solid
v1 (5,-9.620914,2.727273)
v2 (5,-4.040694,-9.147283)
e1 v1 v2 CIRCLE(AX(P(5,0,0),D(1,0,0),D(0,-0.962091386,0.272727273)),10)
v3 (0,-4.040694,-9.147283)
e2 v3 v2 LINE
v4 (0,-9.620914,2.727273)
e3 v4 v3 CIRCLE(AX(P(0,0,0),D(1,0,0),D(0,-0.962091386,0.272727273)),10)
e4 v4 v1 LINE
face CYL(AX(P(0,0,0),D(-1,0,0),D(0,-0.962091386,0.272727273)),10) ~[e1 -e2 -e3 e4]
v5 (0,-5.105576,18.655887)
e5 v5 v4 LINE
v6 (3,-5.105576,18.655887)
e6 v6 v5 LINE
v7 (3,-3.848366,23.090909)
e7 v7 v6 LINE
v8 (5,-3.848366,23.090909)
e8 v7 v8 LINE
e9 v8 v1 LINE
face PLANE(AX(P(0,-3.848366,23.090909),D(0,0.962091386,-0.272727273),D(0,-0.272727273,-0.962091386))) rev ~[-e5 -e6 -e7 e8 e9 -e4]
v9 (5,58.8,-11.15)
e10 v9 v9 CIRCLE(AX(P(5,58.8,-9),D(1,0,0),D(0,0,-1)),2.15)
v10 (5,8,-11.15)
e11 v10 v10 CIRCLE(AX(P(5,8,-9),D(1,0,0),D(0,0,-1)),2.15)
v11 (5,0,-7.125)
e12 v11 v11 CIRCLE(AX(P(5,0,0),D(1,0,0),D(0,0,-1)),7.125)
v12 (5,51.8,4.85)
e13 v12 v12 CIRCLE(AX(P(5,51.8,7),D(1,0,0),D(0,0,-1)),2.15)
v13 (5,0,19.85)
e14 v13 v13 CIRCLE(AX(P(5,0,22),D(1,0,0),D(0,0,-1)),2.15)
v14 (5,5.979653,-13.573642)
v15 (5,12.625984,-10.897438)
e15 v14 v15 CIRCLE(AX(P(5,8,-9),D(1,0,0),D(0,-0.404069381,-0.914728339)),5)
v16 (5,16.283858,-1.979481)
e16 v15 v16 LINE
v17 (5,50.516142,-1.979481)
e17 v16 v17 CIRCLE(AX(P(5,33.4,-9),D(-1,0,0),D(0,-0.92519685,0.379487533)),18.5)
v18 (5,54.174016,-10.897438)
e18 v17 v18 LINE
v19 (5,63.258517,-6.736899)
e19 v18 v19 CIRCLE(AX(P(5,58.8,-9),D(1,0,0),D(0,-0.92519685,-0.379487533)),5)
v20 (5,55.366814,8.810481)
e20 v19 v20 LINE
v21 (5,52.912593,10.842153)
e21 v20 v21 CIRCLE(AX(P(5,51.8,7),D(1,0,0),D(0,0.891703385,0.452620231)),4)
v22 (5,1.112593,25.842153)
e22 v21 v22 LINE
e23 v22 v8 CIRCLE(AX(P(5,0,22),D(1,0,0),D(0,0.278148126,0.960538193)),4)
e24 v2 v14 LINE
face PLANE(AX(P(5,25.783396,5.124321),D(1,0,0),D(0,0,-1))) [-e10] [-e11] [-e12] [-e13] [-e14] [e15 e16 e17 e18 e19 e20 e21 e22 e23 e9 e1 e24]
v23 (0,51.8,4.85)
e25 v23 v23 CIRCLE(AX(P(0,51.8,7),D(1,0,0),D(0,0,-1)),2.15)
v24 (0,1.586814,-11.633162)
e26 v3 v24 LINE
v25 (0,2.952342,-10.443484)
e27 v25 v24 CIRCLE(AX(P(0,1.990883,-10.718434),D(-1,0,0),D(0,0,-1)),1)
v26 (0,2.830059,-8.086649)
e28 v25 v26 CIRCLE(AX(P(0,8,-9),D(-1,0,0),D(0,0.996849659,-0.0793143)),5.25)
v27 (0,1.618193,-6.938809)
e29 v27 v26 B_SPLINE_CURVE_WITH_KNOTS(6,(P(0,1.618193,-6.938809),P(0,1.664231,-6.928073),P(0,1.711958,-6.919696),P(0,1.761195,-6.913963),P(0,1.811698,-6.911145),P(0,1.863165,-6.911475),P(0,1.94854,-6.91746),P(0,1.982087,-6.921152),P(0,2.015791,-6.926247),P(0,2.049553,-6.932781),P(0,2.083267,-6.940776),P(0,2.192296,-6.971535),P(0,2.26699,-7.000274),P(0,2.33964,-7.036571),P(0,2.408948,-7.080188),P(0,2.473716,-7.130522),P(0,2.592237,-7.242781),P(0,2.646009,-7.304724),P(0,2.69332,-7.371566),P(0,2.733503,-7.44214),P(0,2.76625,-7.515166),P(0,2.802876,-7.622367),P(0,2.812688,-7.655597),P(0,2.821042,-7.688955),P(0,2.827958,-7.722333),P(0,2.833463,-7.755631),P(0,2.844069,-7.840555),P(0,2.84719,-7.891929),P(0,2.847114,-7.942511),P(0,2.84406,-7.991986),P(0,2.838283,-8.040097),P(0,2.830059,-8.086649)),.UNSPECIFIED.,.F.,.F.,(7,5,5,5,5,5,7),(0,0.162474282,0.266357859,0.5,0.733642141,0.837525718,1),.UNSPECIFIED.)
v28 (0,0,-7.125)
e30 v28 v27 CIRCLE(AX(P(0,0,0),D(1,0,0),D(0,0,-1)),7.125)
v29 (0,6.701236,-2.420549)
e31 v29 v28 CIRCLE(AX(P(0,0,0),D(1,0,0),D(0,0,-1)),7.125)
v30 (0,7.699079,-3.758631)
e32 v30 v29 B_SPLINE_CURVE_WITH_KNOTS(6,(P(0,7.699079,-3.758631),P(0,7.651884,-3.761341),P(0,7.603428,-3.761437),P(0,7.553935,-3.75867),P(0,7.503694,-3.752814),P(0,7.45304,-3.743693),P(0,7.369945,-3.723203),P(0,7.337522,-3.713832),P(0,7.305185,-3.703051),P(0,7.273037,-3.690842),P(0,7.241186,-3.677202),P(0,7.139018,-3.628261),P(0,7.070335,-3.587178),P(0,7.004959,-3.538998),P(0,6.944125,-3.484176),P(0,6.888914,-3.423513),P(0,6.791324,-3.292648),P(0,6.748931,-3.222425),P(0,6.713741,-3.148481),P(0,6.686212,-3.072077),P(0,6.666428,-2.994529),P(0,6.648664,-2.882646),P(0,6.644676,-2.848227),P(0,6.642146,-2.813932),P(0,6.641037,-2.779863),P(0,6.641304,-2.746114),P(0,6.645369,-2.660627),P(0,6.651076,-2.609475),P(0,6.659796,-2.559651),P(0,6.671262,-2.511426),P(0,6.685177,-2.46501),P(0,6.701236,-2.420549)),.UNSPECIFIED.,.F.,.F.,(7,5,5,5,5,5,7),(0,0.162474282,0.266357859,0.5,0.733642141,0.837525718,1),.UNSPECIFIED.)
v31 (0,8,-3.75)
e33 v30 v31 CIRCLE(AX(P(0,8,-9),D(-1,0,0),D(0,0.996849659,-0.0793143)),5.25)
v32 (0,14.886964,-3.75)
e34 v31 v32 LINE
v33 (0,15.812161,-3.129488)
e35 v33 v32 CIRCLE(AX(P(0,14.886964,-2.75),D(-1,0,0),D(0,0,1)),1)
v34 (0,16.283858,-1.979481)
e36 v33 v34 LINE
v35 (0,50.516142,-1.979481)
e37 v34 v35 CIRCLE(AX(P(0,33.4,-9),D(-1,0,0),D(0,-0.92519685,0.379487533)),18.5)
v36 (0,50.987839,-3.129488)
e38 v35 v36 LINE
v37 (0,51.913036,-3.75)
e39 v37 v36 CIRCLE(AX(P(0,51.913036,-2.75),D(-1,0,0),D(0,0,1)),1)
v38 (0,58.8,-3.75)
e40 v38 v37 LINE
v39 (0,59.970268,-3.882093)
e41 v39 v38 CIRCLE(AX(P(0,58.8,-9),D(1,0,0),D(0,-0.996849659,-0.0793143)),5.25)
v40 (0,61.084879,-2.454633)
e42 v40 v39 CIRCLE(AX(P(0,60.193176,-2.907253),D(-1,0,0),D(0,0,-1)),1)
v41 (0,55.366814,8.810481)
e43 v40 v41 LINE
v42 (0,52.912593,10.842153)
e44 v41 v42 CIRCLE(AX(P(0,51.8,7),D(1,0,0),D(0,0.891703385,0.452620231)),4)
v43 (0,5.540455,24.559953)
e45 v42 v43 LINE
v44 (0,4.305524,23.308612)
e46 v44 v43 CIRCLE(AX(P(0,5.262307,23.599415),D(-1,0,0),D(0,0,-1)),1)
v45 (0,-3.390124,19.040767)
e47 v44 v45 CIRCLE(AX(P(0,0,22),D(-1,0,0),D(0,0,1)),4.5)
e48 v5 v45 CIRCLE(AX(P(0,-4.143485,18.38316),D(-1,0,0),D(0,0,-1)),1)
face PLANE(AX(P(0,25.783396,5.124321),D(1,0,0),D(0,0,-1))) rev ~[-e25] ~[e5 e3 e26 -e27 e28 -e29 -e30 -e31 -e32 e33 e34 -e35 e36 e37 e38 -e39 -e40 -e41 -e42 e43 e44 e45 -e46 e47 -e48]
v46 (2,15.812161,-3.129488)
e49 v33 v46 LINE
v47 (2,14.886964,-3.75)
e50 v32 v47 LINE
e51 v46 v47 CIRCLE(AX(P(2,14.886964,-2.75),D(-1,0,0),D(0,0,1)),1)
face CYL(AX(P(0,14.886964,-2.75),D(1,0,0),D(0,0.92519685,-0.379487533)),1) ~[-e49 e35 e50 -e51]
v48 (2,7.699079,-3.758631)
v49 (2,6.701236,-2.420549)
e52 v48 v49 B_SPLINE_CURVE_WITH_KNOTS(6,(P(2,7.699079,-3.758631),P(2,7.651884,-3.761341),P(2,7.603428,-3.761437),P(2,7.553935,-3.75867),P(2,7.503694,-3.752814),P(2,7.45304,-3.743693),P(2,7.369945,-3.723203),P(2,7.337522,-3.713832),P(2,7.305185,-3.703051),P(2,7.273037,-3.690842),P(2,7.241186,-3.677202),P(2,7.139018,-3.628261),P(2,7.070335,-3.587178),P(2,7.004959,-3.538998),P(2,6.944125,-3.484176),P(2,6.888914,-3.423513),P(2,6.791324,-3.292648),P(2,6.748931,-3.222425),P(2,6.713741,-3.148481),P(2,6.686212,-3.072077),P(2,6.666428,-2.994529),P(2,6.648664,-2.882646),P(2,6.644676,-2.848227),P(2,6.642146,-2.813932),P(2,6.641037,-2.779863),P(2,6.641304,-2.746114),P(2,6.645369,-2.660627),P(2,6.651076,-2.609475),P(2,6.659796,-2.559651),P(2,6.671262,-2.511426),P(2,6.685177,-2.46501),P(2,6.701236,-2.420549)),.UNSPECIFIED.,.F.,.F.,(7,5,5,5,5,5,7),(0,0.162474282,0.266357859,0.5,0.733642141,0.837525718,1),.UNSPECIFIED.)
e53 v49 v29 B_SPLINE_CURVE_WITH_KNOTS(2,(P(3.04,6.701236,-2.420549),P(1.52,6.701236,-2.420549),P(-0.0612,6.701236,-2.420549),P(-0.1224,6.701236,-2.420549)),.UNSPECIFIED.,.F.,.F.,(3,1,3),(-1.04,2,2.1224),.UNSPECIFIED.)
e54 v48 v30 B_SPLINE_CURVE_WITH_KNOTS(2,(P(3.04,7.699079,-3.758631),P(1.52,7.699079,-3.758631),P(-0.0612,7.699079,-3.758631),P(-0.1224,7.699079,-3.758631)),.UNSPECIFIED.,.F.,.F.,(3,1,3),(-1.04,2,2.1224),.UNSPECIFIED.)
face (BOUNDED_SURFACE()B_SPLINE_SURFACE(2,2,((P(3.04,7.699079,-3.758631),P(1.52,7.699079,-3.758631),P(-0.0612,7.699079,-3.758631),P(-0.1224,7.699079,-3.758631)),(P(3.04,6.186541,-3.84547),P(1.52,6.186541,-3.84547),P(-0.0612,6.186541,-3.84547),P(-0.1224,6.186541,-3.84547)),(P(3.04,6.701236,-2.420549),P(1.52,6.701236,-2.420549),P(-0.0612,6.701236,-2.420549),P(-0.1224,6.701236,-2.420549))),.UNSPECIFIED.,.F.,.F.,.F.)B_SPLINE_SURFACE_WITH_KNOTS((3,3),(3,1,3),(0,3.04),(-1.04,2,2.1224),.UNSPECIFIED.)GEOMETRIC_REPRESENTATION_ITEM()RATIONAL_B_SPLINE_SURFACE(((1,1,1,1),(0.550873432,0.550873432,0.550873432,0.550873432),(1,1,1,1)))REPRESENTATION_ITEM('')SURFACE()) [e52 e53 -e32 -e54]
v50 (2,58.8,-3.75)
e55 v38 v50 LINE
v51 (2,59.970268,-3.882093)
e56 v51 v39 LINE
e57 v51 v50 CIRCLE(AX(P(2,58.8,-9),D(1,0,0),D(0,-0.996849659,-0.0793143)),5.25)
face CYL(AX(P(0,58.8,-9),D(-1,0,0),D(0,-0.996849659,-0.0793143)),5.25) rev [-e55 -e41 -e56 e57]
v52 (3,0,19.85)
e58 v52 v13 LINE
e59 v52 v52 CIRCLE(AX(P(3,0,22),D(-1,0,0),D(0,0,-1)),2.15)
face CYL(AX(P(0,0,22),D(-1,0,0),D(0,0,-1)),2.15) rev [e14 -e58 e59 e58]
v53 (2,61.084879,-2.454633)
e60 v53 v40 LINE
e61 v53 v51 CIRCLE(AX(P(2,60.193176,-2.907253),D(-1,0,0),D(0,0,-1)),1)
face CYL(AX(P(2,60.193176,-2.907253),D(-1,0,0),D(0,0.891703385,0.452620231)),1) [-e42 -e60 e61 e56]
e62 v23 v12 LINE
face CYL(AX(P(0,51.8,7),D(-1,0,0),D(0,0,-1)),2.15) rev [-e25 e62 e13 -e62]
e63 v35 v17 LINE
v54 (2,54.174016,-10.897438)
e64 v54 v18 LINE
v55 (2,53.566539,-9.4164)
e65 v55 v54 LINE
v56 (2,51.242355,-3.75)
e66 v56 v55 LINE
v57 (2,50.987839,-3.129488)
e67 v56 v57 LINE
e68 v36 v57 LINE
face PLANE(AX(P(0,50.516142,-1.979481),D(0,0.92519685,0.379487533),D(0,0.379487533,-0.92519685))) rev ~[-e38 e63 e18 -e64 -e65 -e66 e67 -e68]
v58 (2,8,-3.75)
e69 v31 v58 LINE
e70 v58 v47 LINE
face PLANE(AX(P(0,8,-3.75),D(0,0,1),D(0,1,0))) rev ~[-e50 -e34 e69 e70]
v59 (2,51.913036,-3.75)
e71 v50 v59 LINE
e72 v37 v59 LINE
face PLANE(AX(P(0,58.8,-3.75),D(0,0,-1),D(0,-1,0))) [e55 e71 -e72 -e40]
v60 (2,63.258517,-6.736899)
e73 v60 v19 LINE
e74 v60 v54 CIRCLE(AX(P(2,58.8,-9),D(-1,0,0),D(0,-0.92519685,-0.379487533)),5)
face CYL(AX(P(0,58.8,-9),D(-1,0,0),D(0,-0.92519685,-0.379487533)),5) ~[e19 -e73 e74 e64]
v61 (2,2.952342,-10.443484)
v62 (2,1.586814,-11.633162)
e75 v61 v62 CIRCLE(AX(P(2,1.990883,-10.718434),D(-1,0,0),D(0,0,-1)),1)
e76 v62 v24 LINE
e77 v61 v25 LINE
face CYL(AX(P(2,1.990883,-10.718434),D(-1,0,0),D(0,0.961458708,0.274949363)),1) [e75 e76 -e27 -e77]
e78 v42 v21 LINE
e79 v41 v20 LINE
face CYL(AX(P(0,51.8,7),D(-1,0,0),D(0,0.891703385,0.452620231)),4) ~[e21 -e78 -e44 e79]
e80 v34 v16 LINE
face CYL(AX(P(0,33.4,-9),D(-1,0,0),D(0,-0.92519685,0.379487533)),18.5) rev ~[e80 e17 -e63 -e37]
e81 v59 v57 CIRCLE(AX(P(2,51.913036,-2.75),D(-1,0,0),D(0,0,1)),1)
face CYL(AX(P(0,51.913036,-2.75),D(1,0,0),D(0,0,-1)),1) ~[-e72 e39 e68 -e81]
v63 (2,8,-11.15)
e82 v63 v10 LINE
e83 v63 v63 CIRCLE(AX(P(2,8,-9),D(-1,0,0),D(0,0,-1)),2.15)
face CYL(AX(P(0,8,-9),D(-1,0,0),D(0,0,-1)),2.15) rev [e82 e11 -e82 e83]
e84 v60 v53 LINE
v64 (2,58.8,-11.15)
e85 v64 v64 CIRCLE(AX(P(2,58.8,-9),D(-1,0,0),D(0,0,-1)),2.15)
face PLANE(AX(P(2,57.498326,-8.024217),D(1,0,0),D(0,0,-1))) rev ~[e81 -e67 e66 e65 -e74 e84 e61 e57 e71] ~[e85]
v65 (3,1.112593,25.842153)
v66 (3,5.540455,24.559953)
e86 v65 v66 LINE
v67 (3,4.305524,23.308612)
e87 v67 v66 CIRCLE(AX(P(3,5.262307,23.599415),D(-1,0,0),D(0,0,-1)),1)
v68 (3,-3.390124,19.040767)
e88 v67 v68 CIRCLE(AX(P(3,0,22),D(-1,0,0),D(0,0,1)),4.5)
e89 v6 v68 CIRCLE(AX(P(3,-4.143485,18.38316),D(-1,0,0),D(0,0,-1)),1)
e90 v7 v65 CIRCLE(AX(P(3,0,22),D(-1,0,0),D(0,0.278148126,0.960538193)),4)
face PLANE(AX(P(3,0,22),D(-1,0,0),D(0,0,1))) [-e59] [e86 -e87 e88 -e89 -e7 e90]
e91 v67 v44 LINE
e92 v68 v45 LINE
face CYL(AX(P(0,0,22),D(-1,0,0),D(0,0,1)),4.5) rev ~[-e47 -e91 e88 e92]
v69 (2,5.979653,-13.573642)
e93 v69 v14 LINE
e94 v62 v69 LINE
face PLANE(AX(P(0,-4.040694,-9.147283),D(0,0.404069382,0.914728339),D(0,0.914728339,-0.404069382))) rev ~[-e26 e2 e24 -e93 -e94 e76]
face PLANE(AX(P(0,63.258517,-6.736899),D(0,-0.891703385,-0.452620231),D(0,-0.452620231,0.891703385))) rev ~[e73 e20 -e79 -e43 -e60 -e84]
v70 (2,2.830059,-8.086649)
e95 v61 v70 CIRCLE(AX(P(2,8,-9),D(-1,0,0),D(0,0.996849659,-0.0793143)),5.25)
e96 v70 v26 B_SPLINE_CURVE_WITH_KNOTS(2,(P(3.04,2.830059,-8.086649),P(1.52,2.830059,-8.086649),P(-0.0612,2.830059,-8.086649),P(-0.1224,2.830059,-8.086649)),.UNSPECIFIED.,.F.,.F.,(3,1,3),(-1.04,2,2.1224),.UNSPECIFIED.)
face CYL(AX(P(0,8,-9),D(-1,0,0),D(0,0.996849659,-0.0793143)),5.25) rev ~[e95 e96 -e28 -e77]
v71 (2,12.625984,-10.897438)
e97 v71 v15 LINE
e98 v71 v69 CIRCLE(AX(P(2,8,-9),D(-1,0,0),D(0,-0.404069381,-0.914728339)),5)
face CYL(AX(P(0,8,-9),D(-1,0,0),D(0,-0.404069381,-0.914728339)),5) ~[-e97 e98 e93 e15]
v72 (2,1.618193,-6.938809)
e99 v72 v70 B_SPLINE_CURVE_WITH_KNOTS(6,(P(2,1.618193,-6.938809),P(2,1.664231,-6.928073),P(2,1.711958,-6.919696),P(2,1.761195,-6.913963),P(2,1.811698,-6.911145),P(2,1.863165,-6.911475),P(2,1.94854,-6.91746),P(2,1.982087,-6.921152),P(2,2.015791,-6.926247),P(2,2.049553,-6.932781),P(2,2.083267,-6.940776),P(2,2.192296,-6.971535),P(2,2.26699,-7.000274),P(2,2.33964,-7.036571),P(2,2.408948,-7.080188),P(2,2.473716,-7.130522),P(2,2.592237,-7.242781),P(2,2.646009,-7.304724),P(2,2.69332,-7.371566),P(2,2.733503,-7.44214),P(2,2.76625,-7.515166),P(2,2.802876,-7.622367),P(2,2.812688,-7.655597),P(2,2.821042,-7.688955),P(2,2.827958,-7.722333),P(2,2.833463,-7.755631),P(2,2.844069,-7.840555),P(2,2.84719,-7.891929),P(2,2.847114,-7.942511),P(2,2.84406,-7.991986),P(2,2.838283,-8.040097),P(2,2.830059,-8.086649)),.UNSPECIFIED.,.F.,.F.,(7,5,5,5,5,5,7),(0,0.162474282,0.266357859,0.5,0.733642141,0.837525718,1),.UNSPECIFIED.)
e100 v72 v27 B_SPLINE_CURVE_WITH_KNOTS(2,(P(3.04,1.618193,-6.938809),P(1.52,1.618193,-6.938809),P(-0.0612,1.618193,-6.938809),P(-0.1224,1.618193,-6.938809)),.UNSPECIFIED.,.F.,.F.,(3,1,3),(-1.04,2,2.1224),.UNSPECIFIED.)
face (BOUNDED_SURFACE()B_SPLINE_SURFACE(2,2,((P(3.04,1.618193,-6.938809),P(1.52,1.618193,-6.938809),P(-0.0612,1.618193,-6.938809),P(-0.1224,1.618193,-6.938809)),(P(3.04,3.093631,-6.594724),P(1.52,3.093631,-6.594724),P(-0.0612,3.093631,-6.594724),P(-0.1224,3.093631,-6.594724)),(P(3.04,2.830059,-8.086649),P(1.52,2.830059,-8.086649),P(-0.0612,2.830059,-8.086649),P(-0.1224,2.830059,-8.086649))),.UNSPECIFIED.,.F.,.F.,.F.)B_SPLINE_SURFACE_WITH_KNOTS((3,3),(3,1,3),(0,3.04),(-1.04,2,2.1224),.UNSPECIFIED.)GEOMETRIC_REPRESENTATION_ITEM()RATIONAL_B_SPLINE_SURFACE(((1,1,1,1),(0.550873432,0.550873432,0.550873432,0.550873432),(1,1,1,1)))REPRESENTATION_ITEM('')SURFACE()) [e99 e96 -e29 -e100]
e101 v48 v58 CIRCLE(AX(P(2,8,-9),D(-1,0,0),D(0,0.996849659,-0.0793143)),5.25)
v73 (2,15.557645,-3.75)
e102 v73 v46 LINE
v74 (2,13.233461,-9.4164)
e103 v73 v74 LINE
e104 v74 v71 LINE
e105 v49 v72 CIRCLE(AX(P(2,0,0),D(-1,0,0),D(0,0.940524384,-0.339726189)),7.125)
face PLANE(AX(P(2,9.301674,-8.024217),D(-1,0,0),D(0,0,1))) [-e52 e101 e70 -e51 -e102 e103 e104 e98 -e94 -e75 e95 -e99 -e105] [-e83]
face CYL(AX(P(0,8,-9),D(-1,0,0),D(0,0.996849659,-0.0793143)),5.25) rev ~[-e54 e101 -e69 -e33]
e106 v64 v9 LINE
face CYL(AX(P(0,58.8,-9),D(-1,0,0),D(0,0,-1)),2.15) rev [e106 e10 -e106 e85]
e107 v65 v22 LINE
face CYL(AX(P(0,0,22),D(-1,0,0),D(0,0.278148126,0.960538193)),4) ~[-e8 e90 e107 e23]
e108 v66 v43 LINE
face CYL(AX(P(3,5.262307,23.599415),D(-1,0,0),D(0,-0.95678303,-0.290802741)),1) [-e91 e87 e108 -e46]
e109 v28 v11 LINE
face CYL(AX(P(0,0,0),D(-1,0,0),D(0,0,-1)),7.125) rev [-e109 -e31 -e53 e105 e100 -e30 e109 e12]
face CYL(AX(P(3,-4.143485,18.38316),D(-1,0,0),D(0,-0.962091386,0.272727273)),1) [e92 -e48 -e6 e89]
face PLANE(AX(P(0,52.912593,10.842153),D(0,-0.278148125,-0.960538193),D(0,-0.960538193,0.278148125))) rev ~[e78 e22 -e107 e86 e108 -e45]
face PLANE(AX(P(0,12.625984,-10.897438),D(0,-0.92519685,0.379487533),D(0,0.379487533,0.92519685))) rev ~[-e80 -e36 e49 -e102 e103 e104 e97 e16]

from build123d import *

# Parameters (mm, degrees)
SKETCH_1_R          = 2.15
SKETCH_1_R_2        = 7.125
EXTRUDE_1_DEPTH     = 5
SKETCH_2_R          = 4.5
CUT_EXTRUDE_1_DEPTH = 3
FILLET_1_R          = 1
CUT_EXTRUDE_2_DEPTH = 2
FILLET_2_R          = 1


with BuildPart() as part:
    # 草图1 → 凸台-拉伸1 (new body)
    with BuildSketch(Plane(origin=(0, 0, 0), x_dir=(0, 0, -1), z_dir=(1, 0, 0))):
        with BuildLine():
            Line((-23.090909091, -3.848365543), (-2.727272727, -9.620913858))
            ThreePointArc((-2.727272727, -9.620913858), (4.253098654, -9.050477989), (9.147283393, -4.040693817))
            Line((9.147283393, -4.040693817), (13.573641697, 5.979653091))
            ThreePointArc((13.573641697, 5.979653091), (13.638118854, 9.867579581), (10.897437667, 12.625984252))
            Line((10.897437667, 12.625984252), (1.979480632, 16.283858268))
            ThreePointArc((1.979480632, 16.283858268), (-9.5, 33.4), (1.979480632, 50.516141732))
            Line((1.979480632, 50.516141732), (10.897437667, 54.174015748))
            ThreePointArc((10.897437667, 54.174015748), (13.545928712, 60.881953925), (6.736898846, 63.258516924))
            Line((6.736898846, 63.258516924), (-8.810480924, 55.366813539))
            ThreePointArc((-8.810480924, 55.366813539), (-10.081211961, 54.350712224), (-10.842152772, 52.912592502))
            Line((-10.842152772, 52.912592502), (-25.842152772, 1.112592502))
            ThreePointArc((-25.842152772, 1.112592502), (-25.498078189, -1.939961078), (-23.090909091, -3.848365543))
        make_face()
        with Locations((9, 58.8)):
            Circle(SKETCH_1_R, mode=Mode.SUBTRACT)
        with Locations((-22, 0)):
            Circle(SKETCH_1_R, mode=Mode.SUBTRACT)
        with Locations((-7, 51.8)):
            Circle(SKETCH_1_R, mode=Mode.SUBTRACT)
        with Locations((9, 8)):
            Circle(SKETCH_1_R, mode=Mode.SUBTRACT)
        Circle(SKETCH_1_R_2, mode=Mode.SUBTRACT)
    extrude(amount=EXTRUDE_1_DEPTH)

    # 草图2 → 切除-拉伸1 (cut)
    with BuildSketch(Plane.ZY):
        with Locations((22, 0)):
            Circle(SKETCH_2_R)
    extrude(amount=-CUT_EXTRUDE_1_DEPTH, mode=Mode.SUBTRACT)

    # 圆角1
    fillet_1_edges = [part.edges().sort_by_distance(p)[0] for p in [
        (1.5, 3.092792715, 25.268735722),
        (1.5, -4.41060722, 21.107506888),
    ]]
    fillet(fillet_1_edges, radius=FILLET_1_R)

    # 草图3 → 切除-拉伸2 (cut)
    with BuildSketch(Plane.ZY):
        with BuildLine():
            Line((-3.75, 58.8), (-3.75, 51.242354784))
            Line((-3.75, 51.242354784), (-9.416400073, 53.566539292))
            ThreePointArc((-9.416400073, 53.566539292), (-12.562049945, 62.65672143), (-3.75, 58.8))
        make_face()
        with BuildLine():
            Line((-3.75, 8), (-3.75, 15.557645216))
            Line((-3.75, 15.557645216), (-9.416400073, 13.233460708))
            ThreePointArc((-9.416400073, 13.233460708), (-12.562049945, 4.14327857), (-3.75, 8))
        make_face()
    extrude(amount=-CUT_EXTRUDE_2_DEPTH, mode=Mode.SUBTRACT)

    # 圆角2
    fillet_2_edges = [part.edges().sort_by_distance(p)[0] for p in [
        (1, 5.693326891, -4.283883041),
        (1, 3.586845523, -6.156310924),
        (1, 62.533971032, -5.309476957),
        (1, 4.515373291, -12.926815084),
        (1, 15.557645216, -3.75),
        (1, 51.242354784, -3.75),
    ]]
    fillet(fillet_2_edges, radius=FILLET_2_R)


solid = part.part
